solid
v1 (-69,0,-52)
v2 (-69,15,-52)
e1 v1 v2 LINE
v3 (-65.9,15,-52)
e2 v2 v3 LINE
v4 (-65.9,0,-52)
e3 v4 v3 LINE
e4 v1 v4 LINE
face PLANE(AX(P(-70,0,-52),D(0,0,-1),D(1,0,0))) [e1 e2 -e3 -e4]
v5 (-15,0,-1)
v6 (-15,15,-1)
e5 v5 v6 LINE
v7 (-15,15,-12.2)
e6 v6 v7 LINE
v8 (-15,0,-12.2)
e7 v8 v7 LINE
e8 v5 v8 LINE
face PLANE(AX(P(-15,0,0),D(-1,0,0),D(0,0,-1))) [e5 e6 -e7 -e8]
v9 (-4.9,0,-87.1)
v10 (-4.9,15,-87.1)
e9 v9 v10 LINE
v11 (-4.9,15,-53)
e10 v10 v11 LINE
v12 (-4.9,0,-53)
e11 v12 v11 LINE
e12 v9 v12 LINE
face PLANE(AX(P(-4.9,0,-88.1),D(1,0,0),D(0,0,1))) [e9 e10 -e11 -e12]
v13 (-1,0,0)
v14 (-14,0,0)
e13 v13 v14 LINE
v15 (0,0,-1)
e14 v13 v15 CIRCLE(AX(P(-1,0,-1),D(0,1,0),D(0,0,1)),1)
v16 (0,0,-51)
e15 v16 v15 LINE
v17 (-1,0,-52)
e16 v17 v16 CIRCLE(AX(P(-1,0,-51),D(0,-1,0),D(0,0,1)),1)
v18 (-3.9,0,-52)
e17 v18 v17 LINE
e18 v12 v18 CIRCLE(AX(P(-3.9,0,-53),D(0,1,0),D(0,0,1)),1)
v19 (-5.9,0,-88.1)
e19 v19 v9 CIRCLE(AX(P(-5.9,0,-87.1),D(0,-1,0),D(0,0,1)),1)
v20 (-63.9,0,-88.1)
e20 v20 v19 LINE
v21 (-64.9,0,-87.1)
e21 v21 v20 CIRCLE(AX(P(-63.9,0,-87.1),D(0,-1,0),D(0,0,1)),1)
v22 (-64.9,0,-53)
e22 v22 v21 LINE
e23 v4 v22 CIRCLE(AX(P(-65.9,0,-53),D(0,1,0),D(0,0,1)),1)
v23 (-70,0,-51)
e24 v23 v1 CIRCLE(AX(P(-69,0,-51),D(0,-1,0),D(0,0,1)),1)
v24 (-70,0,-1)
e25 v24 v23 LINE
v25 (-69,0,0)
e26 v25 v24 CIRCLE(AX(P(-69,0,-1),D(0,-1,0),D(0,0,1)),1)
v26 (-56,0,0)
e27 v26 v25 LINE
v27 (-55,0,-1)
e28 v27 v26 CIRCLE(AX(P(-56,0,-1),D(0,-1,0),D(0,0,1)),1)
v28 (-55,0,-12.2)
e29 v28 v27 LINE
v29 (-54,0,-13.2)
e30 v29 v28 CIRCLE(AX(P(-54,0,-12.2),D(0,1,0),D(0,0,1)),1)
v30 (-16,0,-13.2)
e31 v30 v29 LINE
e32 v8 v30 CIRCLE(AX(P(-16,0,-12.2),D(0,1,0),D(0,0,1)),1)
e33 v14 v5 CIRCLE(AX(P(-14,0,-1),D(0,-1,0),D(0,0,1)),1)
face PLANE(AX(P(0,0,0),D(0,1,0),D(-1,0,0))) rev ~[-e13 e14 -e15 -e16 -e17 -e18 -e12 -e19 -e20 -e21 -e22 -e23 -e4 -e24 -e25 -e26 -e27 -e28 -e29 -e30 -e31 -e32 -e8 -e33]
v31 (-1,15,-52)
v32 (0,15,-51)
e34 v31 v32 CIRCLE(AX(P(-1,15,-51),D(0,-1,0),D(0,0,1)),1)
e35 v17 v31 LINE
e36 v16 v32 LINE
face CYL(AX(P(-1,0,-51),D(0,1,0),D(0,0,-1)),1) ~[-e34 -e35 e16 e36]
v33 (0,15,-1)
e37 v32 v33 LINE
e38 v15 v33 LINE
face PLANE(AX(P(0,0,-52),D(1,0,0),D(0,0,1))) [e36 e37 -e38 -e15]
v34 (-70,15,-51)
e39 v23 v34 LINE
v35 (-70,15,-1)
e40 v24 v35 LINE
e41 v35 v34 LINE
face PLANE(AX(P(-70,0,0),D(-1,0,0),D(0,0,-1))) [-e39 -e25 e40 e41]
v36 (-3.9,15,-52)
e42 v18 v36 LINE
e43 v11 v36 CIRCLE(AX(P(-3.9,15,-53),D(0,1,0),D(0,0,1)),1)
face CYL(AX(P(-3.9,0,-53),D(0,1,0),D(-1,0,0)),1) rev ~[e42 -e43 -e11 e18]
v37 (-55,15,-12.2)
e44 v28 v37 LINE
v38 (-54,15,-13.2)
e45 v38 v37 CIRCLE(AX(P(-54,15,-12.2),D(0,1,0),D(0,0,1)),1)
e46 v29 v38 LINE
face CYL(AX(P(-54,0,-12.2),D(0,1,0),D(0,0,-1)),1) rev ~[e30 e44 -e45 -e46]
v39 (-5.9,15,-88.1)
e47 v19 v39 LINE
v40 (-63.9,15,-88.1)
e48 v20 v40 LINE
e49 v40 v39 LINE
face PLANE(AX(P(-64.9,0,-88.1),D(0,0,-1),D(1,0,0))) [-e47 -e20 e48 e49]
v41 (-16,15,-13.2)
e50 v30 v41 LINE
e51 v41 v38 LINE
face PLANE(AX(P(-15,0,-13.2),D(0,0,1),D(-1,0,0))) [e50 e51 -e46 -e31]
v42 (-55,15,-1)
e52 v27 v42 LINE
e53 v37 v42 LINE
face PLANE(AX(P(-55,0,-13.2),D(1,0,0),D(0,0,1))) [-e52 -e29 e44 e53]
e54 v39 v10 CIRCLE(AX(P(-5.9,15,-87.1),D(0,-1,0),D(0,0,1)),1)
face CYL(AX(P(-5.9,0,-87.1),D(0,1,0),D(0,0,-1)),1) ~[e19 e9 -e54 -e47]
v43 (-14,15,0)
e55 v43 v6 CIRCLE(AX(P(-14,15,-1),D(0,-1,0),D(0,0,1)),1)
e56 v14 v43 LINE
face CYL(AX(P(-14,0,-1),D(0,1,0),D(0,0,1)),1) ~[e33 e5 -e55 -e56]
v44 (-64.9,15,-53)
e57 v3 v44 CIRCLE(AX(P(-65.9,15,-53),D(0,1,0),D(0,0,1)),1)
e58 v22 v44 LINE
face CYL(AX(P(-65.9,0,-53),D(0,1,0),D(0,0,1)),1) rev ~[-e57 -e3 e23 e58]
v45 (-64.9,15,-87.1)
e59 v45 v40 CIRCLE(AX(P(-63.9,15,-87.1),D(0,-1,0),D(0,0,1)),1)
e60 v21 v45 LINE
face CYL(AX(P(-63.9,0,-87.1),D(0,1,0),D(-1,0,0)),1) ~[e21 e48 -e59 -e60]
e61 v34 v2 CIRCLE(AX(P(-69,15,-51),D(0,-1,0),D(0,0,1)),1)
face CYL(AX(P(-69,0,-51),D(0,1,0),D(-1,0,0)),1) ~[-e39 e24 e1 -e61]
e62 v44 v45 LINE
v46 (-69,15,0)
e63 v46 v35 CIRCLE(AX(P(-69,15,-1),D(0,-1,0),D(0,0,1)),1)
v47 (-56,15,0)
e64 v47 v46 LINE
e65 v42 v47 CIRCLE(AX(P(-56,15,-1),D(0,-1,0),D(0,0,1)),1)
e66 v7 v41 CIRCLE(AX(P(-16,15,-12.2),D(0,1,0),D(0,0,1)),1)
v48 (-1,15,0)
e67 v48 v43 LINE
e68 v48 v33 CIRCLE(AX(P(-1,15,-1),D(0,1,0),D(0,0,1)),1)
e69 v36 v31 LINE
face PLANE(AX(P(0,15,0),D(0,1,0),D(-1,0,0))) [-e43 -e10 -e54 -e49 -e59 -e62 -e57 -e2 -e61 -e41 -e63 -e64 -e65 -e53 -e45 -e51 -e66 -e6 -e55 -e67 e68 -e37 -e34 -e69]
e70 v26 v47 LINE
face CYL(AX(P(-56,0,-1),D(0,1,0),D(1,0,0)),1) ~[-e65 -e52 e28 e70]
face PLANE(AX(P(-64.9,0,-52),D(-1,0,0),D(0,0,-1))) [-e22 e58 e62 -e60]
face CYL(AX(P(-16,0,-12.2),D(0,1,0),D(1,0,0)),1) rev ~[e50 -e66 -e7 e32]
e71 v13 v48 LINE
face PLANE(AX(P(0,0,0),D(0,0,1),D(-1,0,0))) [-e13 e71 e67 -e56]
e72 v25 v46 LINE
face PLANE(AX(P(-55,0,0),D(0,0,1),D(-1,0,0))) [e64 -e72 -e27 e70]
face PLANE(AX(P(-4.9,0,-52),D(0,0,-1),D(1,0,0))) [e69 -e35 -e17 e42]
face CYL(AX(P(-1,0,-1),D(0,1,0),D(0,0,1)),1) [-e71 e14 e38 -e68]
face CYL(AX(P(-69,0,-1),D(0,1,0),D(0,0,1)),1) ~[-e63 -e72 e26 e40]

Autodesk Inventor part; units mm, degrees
ref_plane "YZ Plane" through (0, 0, 0) normal (1, 0, 0) x (0, 1, 0)
ref_plane "XZ Plane" through (0, 0, 0) normal (0, 1, 0) x (-1, 0, 0)
ref_plane "XY Plane" through (0, 0, 0) normal (0, 0, 1) x (1, 0, 0)
sketch "Sketch1" plane through (0, 0, 0) normal (0, 1, 0) x (-1, 0, 0)
  line L0 (0, 0) -> (15, 0)
  line L1 (15, 0) -> (15, -13.2)
  line L2 (15, -13.2) -> (55, -13.2)
  line L3 (55, -13.2) -> (55, 0)
  line L4 (55, 0) -> (70, 0)
  line L5 (70, 0) -> (70, -52)
  line L6 (70, -52) -> (64.9, -52)
  line L7 (64.9, -52) -> (64.9, -88.1)
  line L8 (64.9, -88.1) -> (4.9, -88.1)
  line L9 (4.9, -88.1) -> (4.9, -52)
  line L10 (4.9, -52) -> (0, -52)
  line L11 (0, -52) -> (0, 0)
  dimension "d0" = 15
  dimension "d1" = 13.2
  dimension "d2" = 40
  dimension "d3" = 15
  dimension "d4" = 52
  dimension "d5" = 5.1
  dimension "d6" = 36.1
  dimension "d7" = 60
extrude "Extrusion1" add sketch "Sketch1" along normal blind 15
fillet "Fillet1" radius 1 12 edges at (0, 7.5, 0) (-15, 7.5, 0) (-55, 7.5, 0) (-70, 7.5, 0) (-55, 7.5, -13.2) (-15, 7.5, -13.2) (0, 7.5, -52) (-4.9, 7.5, -52) (-4.9, 7.5, -88.1) (-64.9, 7.5, -88.1) (-64.9, 7.5, -52) (-70, 7.5, -52)
properties part number "Expansiemodule"
